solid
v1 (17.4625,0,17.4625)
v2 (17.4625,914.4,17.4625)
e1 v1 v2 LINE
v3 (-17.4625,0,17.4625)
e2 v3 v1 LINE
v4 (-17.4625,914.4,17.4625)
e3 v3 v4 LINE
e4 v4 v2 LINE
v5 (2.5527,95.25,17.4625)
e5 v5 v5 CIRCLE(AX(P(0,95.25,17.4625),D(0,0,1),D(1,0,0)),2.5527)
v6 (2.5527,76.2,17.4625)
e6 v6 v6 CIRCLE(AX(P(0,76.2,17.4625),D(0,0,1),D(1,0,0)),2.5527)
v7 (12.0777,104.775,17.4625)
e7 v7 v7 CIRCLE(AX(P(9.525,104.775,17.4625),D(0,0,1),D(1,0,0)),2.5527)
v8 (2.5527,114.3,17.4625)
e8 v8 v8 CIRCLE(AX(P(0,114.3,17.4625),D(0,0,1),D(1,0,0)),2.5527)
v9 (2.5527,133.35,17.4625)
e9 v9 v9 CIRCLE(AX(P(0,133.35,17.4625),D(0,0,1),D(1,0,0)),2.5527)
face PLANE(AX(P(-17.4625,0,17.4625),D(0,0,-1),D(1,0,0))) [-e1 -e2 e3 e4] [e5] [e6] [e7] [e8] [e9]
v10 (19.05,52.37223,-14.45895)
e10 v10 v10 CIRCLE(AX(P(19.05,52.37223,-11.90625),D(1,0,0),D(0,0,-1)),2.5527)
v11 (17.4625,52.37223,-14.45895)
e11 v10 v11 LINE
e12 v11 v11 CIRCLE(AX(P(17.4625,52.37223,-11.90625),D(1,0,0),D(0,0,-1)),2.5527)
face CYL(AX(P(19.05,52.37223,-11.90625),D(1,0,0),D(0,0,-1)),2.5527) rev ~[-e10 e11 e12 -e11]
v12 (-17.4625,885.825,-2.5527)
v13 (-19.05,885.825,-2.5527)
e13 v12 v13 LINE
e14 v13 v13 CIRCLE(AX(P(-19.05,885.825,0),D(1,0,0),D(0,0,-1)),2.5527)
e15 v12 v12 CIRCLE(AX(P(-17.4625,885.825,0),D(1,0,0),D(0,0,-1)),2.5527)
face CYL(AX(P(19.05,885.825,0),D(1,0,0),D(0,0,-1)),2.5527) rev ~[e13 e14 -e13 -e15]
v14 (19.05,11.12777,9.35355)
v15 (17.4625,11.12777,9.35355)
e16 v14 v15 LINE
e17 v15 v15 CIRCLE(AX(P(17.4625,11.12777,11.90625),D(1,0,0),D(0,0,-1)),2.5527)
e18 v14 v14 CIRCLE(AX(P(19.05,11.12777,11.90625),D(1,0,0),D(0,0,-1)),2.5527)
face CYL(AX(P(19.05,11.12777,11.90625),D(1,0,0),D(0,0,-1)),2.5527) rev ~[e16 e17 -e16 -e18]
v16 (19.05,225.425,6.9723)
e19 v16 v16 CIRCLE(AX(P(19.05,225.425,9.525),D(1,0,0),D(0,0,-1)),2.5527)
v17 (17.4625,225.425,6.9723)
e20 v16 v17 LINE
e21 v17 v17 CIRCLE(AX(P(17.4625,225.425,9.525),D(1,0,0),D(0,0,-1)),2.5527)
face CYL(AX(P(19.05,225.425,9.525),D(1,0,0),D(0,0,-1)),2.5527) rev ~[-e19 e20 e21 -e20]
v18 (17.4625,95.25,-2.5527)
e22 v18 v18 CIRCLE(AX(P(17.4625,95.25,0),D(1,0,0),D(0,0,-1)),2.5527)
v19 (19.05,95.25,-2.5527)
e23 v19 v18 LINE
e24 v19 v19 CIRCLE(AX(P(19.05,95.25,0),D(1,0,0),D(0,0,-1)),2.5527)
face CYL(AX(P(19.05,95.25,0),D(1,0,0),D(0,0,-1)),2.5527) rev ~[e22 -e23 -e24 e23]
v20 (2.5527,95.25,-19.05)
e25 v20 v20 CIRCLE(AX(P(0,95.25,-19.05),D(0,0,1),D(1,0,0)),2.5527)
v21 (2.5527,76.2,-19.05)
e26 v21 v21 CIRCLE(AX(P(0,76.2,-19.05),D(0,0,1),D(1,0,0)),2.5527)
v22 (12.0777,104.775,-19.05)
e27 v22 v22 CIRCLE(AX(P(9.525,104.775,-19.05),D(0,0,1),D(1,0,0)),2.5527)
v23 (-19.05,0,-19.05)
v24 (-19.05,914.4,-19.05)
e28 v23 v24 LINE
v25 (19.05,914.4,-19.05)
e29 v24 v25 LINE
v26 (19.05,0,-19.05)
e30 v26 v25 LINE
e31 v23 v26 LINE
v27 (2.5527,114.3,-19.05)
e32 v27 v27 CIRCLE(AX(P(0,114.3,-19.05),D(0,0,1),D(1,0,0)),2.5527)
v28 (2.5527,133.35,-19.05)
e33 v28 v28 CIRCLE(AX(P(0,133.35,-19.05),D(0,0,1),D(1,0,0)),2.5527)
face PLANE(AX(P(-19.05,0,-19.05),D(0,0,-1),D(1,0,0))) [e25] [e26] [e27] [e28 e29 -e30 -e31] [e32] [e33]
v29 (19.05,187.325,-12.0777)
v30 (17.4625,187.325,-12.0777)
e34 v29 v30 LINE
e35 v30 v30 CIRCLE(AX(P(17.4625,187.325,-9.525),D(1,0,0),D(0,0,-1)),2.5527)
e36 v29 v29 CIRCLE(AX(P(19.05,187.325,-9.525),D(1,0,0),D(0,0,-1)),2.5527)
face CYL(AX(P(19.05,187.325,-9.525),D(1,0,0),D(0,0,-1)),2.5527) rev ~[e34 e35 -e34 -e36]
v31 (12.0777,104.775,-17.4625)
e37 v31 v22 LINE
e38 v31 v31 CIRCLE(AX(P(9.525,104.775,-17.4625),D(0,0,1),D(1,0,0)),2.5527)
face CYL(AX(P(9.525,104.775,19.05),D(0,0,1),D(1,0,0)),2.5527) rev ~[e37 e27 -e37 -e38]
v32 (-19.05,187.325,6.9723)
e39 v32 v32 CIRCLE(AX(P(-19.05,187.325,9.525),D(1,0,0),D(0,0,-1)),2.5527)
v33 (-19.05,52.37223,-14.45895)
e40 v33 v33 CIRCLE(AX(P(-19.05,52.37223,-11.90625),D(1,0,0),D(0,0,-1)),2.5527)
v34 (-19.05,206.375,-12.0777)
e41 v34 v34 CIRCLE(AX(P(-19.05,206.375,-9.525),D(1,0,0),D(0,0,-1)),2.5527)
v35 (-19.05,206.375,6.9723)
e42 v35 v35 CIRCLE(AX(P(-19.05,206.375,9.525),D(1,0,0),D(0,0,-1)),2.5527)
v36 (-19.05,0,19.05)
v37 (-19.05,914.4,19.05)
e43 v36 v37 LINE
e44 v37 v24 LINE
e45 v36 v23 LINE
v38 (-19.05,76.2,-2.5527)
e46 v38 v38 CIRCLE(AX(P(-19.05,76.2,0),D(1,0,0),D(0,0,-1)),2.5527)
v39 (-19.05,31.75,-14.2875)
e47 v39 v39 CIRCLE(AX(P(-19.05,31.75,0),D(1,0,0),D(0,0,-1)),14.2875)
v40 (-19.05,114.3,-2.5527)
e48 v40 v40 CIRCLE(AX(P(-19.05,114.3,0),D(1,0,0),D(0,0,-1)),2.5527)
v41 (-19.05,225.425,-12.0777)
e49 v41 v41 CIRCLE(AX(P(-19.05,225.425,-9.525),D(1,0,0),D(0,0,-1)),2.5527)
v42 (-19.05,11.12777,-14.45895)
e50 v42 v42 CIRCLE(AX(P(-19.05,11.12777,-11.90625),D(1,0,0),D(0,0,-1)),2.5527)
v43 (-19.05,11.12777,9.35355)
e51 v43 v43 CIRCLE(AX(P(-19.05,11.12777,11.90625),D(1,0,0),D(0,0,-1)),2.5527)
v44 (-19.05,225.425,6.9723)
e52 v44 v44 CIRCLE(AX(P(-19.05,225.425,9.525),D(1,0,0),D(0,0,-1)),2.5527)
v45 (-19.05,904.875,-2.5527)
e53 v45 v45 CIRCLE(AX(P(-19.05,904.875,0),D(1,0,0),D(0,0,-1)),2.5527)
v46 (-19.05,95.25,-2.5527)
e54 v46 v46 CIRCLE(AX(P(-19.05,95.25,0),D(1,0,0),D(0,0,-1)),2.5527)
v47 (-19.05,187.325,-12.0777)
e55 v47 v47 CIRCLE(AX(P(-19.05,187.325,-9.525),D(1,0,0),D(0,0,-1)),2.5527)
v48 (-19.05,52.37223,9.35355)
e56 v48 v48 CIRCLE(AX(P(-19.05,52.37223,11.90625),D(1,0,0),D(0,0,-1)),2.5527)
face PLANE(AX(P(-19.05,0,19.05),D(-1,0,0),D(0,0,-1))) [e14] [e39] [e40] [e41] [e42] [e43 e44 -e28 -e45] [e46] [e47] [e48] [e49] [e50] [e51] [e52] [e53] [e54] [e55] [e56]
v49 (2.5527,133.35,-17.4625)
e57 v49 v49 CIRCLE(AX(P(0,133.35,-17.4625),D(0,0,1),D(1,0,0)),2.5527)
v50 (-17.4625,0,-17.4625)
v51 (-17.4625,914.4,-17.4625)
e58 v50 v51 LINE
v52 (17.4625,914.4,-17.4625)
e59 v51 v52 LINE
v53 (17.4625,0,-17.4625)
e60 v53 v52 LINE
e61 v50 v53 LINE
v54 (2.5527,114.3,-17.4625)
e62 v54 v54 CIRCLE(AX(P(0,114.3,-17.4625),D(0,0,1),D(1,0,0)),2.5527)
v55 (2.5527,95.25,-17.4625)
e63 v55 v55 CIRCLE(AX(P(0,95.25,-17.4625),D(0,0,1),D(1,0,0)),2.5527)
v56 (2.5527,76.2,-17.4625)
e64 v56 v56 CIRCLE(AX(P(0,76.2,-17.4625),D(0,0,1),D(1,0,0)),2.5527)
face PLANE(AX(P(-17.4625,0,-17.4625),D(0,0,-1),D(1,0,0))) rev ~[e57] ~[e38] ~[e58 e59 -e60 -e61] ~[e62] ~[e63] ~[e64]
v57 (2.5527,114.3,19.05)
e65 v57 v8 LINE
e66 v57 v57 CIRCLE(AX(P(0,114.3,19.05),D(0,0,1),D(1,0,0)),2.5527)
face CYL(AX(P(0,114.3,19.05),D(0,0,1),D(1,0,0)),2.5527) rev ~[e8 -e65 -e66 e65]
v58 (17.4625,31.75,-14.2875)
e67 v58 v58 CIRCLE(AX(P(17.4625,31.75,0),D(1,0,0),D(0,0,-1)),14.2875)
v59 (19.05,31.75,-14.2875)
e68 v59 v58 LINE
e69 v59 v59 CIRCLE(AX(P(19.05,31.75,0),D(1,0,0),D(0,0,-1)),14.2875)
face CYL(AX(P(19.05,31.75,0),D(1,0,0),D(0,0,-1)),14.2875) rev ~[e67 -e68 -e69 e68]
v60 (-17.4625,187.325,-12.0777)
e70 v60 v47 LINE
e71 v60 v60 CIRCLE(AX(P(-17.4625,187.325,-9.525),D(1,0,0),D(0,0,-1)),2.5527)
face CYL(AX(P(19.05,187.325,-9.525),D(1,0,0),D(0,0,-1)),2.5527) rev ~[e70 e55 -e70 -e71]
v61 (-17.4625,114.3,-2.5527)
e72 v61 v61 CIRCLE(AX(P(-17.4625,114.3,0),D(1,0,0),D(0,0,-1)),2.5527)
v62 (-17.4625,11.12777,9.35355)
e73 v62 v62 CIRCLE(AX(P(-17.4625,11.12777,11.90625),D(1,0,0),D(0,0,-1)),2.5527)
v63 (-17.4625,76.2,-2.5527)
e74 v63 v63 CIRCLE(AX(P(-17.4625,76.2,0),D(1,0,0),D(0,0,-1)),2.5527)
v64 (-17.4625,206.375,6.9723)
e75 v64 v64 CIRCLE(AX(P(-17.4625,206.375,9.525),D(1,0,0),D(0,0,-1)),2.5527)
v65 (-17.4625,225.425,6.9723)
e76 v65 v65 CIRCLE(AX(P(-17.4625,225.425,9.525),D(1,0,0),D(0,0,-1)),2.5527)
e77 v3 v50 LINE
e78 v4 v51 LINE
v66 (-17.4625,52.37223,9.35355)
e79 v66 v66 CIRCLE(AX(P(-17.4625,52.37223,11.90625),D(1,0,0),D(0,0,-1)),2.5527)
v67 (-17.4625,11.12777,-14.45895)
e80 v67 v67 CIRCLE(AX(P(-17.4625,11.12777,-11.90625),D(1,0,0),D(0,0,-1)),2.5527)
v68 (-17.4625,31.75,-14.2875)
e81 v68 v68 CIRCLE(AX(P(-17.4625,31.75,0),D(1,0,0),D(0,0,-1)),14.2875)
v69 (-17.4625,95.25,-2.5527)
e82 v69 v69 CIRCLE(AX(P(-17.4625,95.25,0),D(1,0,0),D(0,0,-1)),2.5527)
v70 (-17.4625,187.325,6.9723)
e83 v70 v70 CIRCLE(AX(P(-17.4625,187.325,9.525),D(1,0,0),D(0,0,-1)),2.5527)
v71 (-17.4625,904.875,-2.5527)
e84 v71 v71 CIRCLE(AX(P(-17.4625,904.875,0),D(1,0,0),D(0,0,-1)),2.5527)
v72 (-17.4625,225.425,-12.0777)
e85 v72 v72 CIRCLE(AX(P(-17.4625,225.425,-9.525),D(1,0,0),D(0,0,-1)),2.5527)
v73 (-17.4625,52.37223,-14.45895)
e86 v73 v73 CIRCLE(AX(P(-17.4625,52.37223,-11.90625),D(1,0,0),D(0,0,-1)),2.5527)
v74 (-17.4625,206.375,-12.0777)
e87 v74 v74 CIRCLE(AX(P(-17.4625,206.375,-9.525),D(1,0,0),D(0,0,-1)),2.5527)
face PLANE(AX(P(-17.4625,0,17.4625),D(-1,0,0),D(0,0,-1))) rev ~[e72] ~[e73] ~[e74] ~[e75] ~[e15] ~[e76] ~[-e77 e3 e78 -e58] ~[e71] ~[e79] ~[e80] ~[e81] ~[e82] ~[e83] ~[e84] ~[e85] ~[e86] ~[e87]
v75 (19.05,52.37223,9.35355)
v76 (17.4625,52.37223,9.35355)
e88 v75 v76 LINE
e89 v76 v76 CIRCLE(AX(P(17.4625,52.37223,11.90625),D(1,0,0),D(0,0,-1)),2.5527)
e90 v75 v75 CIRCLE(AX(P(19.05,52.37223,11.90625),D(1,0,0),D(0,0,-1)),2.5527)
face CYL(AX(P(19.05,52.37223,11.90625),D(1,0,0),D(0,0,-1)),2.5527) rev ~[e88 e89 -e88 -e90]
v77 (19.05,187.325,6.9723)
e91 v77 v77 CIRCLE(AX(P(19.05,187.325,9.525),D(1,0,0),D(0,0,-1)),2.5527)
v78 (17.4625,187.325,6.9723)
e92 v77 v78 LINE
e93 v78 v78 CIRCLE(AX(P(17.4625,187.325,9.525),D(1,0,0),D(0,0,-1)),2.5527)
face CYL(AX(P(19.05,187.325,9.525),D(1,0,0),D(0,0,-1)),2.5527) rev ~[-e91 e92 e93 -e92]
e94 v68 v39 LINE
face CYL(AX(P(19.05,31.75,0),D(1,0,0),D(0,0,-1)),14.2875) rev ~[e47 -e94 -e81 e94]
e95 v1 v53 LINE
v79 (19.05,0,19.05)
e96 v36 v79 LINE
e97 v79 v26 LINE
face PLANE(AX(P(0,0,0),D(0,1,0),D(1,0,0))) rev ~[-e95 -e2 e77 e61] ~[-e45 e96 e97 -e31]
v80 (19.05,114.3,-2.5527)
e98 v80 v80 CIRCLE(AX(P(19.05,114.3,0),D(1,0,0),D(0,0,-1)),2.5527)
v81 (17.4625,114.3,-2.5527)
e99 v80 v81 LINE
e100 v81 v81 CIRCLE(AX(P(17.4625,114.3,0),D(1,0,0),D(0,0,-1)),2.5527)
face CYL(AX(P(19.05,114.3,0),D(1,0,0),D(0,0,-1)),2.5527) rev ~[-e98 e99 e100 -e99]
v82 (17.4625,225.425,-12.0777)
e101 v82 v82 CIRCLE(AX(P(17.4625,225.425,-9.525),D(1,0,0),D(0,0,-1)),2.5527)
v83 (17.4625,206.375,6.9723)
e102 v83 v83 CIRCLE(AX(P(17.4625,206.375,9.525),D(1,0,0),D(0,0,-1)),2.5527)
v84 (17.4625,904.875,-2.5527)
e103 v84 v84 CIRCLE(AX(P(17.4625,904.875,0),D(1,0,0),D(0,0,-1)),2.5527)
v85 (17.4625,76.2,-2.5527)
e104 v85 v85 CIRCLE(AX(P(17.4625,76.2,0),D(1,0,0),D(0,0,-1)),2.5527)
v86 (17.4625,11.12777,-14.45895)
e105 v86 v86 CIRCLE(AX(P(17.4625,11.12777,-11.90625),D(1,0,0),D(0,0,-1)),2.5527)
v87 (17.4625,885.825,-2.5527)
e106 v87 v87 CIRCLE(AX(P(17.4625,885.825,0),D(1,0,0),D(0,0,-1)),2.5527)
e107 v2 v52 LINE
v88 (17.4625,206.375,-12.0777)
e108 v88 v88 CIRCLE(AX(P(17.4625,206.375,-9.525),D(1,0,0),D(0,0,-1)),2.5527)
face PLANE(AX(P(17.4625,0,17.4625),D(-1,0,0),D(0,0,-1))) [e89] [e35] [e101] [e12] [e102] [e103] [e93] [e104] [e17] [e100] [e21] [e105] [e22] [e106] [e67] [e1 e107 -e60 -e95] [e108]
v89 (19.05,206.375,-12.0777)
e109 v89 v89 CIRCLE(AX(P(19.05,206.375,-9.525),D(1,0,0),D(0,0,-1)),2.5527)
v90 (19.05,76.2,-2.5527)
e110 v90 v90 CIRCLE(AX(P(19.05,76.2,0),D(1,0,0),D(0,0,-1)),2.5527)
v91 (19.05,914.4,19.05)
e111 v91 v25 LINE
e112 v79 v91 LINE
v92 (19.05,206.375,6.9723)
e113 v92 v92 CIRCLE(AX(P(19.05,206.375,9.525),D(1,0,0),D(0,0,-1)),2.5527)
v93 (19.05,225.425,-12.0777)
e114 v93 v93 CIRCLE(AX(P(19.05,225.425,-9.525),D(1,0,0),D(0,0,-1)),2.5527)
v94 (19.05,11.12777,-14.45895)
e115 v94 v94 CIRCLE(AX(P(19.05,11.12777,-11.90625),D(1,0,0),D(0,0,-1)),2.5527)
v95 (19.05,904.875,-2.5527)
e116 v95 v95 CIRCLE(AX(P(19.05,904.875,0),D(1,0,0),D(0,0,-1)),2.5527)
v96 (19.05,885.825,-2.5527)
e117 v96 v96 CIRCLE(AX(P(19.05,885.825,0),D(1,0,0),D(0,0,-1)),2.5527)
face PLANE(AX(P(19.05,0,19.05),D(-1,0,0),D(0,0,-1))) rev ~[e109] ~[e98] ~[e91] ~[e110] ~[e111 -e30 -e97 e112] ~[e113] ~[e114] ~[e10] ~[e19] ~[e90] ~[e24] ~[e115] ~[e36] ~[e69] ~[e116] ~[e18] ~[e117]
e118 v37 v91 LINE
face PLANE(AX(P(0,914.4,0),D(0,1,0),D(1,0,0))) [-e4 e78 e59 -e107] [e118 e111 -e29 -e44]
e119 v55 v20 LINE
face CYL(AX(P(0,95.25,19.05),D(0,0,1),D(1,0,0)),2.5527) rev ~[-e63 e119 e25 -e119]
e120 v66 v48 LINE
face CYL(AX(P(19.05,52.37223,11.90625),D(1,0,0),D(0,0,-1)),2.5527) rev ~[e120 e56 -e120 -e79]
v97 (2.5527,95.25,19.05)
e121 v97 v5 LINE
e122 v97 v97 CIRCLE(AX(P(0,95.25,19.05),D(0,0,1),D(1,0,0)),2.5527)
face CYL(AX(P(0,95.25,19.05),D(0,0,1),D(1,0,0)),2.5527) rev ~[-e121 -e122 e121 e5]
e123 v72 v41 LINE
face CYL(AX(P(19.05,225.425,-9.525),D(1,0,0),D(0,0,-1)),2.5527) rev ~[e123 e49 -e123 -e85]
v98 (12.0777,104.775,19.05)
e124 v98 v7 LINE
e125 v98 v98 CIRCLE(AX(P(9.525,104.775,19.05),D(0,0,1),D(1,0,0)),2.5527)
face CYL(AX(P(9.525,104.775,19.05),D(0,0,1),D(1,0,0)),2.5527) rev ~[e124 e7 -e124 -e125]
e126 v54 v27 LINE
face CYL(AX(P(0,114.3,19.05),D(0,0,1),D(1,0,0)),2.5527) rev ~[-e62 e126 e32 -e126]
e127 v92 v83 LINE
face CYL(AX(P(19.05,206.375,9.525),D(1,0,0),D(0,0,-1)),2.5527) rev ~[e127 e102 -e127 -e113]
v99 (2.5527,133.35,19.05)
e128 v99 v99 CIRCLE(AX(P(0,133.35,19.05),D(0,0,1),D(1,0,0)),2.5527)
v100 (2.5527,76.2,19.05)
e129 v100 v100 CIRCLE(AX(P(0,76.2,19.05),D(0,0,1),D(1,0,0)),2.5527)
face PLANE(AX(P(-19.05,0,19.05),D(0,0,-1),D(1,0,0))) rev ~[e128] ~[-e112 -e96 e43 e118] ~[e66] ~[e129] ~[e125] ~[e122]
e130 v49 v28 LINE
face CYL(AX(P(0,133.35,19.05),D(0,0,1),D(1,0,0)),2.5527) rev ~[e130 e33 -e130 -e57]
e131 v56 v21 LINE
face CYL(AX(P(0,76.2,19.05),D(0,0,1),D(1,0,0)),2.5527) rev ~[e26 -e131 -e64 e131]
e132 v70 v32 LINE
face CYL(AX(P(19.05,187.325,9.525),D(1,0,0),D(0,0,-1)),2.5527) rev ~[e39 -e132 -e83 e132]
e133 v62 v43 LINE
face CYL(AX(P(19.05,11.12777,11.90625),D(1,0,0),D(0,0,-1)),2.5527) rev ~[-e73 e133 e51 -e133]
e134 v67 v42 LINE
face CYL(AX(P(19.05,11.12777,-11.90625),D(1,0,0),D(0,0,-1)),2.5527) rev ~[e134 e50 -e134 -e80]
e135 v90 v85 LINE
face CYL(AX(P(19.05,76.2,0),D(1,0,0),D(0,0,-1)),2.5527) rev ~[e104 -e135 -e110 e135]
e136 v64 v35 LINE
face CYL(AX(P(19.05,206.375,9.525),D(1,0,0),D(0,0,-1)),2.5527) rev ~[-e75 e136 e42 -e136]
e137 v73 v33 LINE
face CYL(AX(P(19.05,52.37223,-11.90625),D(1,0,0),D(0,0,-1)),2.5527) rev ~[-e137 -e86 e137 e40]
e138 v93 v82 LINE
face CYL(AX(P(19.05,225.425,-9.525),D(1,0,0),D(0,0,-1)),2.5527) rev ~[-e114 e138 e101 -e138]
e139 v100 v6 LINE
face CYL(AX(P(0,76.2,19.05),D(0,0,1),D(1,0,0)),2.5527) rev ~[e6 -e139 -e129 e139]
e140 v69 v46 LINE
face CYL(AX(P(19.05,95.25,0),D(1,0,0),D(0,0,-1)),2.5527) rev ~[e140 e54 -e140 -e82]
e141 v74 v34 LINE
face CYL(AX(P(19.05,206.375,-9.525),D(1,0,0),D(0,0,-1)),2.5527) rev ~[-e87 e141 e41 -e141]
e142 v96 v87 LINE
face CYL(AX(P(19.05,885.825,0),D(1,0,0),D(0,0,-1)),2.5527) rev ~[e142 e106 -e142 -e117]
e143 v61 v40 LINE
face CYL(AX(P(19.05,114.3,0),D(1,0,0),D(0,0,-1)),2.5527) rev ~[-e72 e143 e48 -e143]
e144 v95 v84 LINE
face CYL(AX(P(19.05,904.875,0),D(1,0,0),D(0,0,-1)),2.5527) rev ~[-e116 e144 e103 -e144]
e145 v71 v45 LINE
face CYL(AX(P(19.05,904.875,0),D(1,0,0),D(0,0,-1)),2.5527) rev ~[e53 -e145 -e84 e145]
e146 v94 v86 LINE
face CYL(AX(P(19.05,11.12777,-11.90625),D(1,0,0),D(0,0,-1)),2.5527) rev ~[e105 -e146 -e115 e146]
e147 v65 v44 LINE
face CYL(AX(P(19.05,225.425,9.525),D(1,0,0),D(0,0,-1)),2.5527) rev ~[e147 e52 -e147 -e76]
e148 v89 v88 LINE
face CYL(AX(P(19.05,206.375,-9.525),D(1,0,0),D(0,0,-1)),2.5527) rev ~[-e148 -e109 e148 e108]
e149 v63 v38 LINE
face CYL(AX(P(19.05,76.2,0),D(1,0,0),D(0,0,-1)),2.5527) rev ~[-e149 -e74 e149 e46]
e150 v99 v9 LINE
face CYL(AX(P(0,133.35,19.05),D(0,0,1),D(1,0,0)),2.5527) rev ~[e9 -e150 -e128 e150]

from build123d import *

# Parameters (mm, degrees)
SKETCH1_W           = 38.1
SKETCH1_H           = 38.1
SKETCH1_W_2         = 34.925
SKETCH1_H_2         = 34.925
BOSS_EXTRUDE1_DEPTH = 914.4
SKETCH2_R           = 2.5527
CUT_EXTRUDE1_DEPTH  = 916.391649787
SKETCH3_R           = 2.5527
CUT_EXTRUDE2_DEPTH  = 916.391649787
SKETCH4_R           = 14.2875
SKETCH4_R_2         = 2.5527
CUT_EXTRUDE3_DEPTH  = 916.391649787


with BuildPart() as part:
    # Sketch1 → Boss-Extrude1 (new body)
    with BuildSketch(Plane(origin=(0, 0, 0), x_dir=(1, 0, 0), z_dir=(0, 1, 0))):
        Rectangle(SKETCH1_W, SKETCH1_H)
        Rectangle(SKETCH1_W_2, SKETCH1_H_2, mode=Mode.SUBTRACT)
    extrude(amount=BOSS_EXTRUDE1_DEPTH)

    # Sketch2 → Cut-Extrude1 (cut, through all)
    with BuildSketch(Plane.XY.offset(19.05)):
        with Locations((0, 76.2)):
            Circle(SKETCH2_R)
        with Locations((0, 95.25)):
            Circle(SKETCH2_R)
        with Locations((0, 114.3)):
            Circle(SKETCH2_R)
        with Locations((0, 133.35)):
            Circle(SKETCH2_R)
        with Locations((9.525, 104.775)):
            Circle(SKETCH2_R)
    extrude(amount=-CUT_EXTRUDE1_DEPTH, mode=Mode.SUBTRACT)

    # Sketch3 → Cut-Extrude2 (cut, through all)
    with BuildSketch(Plane(origin=(19.05, 0, 0), x_dir=(0, 0, -1), z_dir=(1, 0, 0))):
        with Locations((0, 76.2)):
            Circle(SKETCH3_R)
        with Locations((0, 95.25)):
            Circle(SKETCH3_R)
        with Locations((0, 114.3)):
            Circle(SKETCH3_R)
        with Locations((-9.525, 225.425)):
            Circle(SKETCH3_R)
        with Locations((-9.525, 206.375)):
            Circle(SKETCH3_R)
        with Locations((-9.525, 187.325)):
            Circle(SKETCH3_R)
        with Locations((9.525, 187.325)):
            Circle(SKETCH3_R)
        with Locations((9.525, 206.375)):
            Circle(SKETCH3_R)
        with Locations((9.525, 225.425)):
            Circle(SKETCH3_R)
        with Locations((0, 904.875)):
            Circle(SKETCH3_R)
        with Locations((0, 885.825)):
            Circle(SKETCH3_R)
    extrude(amount=-CUT_EXTRUDE2_DEPTH, mode=Mode.SUBTRACT)

    # Sketch4 → Cut-Extrude3 (cut, through all)
    with BuildSketch(Plane(origin=(19.05, 0, 0), x_dir=(0, 0, -1), z_dir=(1, 0, 0))):
        with Locations((0, 31.75)):
            Circle(SKETCH4_R)
        with Locations((-11.90625, 52.372229928)):
            Circle(SKETCH4_R_2)
        with Locations((11.90625, 52.372229928)):
            Circle(SKETCH4_R_2)
        with Locations((11.90625, 11.127770072)):
            Circle(SKETCH4_R_2)
        with Locations((-11.90625, 11.127770072)):
            Circle(SKETCH4_R_2)
    extrude(amount=-CUT_EXTRUDE3_DEPTH, mode=Mode.SUBTRACT)


solid = part.part
